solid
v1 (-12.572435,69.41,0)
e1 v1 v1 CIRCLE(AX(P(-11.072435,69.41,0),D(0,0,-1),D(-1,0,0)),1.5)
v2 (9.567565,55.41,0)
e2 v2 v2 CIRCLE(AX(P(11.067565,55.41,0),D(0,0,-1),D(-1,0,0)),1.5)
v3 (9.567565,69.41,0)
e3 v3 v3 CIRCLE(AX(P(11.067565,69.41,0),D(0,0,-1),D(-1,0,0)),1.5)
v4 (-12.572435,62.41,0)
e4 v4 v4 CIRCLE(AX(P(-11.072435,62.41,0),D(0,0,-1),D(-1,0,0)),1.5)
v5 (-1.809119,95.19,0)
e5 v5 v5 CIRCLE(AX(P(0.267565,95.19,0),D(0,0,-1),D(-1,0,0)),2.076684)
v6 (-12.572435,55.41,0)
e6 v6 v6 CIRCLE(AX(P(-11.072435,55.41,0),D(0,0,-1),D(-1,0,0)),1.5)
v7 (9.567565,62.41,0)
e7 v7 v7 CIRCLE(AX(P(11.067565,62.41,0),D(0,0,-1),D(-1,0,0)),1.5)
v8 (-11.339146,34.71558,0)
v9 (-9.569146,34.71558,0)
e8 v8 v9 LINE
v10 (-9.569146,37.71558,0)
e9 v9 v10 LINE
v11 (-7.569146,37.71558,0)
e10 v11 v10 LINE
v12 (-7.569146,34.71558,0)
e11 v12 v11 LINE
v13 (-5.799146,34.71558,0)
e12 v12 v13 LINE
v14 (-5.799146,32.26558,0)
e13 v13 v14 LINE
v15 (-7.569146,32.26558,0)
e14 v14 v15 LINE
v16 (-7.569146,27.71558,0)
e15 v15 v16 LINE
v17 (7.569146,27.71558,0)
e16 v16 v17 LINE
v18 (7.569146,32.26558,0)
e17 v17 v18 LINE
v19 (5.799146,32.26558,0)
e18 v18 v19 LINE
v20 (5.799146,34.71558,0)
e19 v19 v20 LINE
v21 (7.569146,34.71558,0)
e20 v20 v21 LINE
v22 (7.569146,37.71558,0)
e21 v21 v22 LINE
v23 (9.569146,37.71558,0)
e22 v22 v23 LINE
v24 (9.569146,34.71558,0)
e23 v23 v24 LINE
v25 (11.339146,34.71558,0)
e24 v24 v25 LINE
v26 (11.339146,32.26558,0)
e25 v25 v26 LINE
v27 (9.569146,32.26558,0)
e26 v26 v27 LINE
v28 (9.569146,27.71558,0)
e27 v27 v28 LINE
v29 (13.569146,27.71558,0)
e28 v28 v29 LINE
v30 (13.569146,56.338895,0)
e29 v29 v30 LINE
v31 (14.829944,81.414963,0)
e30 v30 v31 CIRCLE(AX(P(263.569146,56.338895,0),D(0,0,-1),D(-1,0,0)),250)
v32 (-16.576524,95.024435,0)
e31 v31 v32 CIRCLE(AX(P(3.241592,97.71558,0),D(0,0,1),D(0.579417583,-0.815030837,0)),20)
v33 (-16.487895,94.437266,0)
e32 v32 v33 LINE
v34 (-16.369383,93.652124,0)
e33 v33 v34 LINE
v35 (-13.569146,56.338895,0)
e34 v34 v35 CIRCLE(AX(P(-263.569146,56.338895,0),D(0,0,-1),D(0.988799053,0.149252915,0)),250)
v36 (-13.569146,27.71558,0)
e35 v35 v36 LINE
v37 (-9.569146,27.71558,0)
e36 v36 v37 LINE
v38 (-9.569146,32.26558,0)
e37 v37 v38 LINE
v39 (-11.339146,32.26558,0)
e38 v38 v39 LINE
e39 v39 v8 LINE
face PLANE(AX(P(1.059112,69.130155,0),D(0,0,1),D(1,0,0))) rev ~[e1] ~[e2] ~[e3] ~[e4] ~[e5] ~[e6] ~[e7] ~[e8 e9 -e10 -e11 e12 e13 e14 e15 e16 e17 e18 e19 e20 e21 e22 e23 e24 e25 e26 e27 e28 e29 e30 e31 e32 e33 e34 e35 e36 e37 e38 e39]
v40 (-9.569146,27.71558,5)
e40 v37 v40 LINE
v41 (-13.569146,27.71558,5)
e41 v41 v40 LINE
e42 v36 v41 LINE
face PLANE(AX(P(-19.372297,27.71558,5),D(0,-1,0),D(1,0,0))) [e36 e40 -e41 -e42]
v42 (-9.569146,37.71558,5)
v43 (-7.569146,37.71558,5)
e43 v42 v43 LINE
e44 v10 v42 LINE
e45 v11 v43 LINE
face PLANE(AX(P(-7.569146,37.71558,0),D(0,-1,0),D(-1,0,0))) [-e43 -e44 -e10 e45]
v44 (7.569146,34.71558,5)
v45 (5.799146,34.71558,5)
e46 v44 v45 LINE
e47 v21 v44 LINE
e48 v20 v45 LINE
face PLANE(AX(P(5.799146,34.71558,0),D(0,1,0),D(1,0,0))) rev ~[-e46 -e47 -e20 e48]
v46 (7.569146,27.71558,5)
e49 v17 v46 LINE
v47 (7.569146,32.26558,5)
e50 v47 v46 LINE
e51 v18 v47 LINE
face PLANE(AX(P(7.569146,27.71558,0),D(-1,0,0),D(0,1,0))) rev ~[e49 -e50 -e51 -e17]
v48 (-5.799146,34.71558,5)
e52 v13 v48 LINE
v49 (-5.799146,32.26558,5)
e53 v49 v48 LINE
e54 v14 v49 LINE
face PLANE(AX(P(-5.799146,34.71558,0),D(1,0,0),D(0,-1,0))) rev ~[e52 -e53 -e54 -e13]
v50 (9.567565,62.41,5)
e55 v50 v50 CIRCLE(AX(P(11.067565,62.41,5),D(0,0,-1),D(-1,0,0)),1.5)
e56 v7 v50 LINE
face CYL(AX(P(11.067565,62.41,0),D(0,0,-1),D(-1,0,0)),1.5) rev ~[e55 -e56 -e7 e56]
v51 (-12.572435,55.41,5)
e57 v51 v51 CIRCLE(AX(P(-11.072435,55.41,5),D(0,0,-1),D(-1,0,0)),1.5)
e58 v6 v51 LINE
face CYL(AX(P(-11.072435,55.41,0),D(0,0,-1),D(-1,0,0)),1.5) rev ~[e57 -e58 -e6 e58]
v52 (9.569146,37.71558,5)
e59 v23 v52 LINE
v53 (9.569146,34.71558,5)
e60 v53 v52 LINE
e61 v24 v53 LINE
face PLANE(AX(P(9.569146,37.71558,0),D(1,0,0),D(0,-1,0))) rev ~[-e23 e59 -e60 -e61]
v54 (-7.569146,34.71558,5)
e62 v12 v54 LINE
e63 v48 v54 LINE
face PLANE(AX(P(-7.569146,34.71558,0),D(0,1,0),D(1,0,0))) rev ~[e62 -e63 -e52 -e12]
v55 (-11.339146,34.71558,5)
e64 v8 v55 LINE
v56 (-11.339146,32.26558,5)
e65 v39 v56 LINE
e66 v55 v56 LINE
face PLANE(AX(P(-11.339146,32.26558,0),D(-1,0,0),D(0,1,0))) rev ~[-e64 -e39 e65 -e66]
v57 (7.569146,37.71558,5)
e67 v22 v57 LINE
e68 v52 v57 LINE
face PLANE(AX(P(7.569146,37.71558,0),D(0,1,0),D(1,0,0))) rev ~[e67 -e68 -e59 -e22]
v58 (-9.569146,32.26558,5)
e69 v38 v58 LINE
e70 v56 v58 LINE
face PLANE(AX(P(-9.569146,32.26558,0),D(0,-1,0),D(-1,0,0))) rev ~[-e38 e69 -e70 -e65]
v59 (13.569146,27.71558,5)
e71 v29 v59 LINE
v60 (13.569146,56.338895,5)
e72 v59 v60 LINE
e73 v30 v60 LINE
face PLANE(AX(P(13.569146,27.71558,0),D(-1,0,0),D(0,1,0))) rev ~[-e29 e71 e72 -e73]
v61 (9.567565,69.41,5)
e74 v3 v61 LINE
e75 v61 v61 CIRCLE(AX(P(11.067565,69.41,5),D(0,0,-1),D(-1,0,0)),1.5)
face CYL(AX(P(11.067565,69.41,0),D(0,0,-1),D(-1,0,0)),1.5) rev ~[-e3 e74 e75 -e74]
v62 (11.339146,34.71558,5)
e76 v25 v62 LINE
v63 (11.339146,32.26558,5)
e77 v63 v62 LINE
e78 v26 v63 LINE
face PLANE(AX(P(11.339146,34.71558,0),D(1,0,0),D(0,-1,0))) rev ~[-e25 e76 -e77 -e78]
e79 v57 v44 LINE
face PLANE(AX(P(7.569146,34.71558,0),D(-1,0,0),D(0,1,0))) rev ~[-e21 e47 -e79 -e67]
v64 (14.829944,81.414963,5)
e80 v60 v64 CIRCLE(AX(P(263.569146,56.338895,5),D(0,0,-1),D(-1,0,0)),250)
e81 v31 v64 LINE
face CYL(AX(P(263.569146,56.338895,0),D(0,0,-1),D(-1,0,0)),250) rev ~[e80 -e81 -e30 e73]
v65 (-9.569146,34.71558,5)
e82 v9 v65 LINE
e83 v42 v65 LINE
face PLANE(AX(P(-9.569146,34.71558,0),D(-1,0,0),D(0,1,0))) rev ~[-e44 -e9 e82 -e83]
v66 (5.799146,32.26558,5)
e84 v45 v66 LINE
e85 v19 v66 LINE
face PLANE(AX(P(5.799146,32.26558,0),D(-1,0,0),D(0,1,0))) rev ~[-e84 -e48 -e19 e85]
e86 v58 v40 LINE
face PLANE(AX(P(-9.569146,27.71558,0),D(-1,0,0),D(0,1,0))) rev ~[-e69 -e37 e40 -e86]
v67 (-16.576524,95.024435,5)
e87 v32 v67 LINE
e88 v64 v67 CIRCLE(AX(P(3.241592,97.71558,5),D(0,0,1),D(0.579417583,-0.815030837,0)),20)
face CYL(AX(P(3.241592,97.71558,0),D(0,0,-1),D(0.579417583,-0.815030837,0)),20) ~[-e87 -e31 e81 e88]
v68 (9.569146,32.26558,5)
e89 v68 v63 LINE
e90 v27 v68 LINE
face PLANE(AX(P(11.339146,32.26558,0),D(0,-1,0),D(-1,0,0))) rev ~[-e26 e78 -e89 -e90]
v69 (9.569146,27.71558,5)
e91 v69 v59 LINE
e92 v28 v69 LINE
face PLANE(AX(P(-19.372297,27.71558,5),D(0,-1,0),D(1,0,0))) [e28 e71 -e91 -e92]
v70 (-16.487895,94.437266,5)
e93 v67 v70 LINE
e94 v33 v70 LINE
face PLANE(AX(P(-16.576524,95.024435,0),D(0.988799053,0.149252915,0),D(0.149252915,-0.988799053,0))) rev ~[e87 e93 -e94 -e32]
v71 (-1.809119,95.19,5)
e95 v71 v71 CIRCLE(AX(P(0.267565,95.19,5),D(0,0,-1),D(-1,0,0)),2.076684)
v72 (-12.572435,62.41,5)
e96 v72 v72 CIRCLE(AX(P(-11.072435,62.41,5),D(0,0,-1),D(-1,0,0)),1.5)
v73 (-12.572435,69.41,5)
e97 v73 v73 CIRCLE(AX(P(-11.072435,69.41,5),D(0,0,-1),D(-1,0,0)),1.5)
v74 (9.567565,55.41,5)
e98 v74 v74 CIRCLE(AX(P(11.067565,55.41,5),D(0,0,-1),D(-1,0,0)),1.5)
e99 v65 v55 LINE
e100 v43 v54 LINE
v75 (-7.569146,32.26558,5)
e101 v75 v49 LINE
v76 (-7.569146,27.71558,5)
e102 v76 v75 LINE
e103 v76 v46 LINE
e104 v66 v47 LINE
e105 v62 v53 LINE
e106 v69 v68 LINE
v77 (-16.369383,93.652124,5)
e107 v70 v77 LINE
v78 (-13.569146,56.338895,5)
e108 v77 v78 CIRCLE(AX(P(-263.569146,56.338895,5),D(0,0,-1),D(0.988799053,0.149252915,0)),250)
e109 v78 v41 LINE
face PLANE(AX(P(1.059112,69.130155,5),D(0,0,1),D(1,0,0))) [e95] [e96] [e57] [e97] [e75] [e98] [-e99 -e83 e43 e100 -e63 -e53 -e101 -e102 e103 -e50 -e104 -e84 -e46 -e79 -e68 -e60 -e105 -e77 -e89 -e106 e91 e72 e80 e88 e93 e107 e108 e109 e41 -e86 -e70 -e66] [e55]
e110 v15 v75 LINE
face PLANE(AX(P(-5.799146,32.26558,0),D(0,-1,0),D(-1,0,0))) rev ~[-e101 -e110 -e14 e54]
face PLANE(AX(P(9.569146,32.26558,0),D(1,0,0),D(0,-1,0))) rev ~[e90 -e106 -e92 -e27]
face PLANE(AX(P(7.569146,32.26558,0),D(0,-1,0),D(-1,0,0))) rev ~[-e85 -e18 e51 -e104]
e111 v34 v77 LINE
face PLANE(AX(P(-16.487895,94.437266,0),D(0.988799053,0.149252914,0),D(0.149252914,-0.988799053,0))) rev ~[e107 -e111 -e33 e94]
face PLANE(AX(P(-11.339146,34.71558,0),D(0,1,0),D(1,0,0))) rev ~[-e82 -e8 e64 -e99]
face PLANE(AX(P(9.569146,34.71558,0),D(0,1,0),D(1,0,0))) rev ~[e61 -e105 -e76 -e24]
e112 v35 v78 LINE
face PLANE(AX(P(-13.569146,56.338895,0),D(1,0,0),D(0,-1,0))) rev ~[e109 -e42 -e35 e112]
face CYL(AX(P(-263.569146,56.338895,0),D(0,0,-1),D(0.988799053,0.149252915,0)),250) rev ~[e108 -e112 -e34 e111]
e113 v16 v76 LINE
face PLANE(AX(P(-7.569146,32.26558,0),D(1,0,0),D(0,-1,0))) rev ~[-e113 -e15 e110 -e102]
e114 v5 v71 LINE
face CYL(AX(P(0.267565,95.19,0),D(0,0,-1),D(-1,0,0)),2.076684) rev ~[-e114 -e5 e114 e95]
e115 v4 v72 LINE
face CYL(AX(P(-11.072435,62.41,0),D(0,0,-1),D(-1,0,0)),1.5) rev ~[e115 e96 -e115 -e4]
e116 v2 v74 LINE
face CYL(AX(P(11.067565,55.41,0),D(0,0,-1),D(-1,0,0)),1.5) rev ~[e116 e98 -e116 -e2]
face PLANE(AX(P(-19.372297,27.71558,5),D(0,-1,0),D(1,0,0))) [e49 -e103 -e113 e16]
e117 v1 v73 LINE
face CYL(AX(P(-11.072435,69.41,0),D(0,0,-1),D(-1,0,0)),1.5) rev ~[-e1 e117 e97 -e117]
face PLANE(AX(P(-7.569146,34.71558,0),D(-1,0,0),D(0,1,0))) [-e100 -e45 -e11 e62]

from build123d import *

# Parameters (mm, degrees)
RESSALTO_EXTRUS_O1_DEPTH = 5
ESBO_O7_R                = 2.076684074
CORTE_EXTRUS_O5_DEPTH    = 6
ESBO_O8_W                = 32.941442616
ESBO_O8_H                = 7.70353162
CORTE_EXTRUS_O6_DEPTH    = 6
ESBO_O9_R                = 1.5
CORTE_EXTRUS_O7_DEPTH    = 6
ESBO_O10_W               = 2
ESBO_O10_H               = 3
CORTE_EXTRUS_O8_DEPTH    = 6


with BuildPart() as part:
    # Esboço1 → Ressalto-extrusão1 (new body)
    with BuildSketch(Plane.XY):
        with BuildLine():
            Line((13.569146061, 27.715579822), (13.569146061, 56.338894978))
            ThreePointArc((13.569146061, 56.338894978), (13.884544414, 68.892766914), (14.829943665, 81.414963086))
            ThreePointArc((14.829943665, 81.414963086), (11.193742071, 116.066691762), (-16.576524471, 95.024435265))
            Line((-16.576524471, 95.024435265), (-16.487894969, 94.437265709))
            Line((-16.487894969, 94.437265709), (-16.369382775, 93.652123615))
            ThreePointArc((-16.369382775, 93.652123615), (-14.270188159, 75.047972701), (-13.569146061, 56.338894978))
            Line((-13.569146061, 56.338894978), (-13.569146061, 27.715579822))
            ThreePointArc((-13.569146061, 27.715579822), (0, 21.02683783), (13.569146061, 27.715579822))
        make_face()
    extrude(amount=RESSALTO_EXTRUS_O1_DEPTH)

    # Esboço7 → Corte-extrusão5 (cut, through all)
    with BuildSketch(Plane(origin=(0, 0, 0), x_dir=(-1, 0, 0), z_dir=(0, 0, -1))):
        with Locations((-0.267564972, 95.19)):
            Circle(ESBO_O7_R)
    extrude(amount=-CORTE_EXTRUS_O5_DEPTH, mode=Mode.SUBTRACT)

    # Esboço8 → Corte-extrusão6 (cut, through all)
    with BuildSketch(Plane.XY.offset(5)):
        with Locations((-2.901575247, 23.863814012)):
            Rectangle(ESBO_O8_W, ESBO_O8_H)
    extrude(amount=-CORTE_EXTRUS_O6_DEPTH, mode=Mode.SUBTRACT)

    # Esboço9 → Corte-extrusão7 (cut, through all)
    with BuildSketch(Plane(origin=(0, 0, 0), x_dir=(-1, 0, 0), z_dir=(0, 0, -1))):
        with Locations((11.072435028, 69.41)):
            Circle(ESBO_O9_R)
        with Locations((11.072435028, 62.41)):
            Circle(ESBO_O9_R)
        with Locations((11.072435028, 55.41)):
            Circle(ESBO_O9_R)
        with Locations((-11.067564972, 69.41)):
            Circle(ESBO_O9_R)
        with Locations((-11.067564972, 62.41)):
            Circle(ESBO_O9_R)
        with Locations((-11.067564972, 55.41)):
            Circle(ESBO_O9_R)
    extrude(amount=-CORTE_EXTRUS_O7_DEPTH, mode=Mode.SUBTRACT)

    # Esboço10 → Corte-extrusão8 (cut, through all)
    with BuildSketch(Plane(origin=(0, 0, 0), x_dir=(-1, 0, 0), z_dir=(0, 0, -1))):
        Polygon((7.569146061, 27.715579822), (9.569146061, 27.715579822), (9.569146061, 32.265579822), (11.339146061, 32.265579822), (11.339146061, 34.715579822), (9.569146061, 34.715579822), (7.569146061, 34.715579822), (5.799146061, 34.715579822), (5.799146061, 32.265579822), (7.569146061, 32.265579822), align=None)
        with Locations((8.569146061, 36.215579822)):
            Rectangle(ESBO_O10_W, ESBO_O10_H)
        Polygon((-9.569146061, 27.715579822), (-7.569146061, 27.715579822), (-7.569146061, 32.265579822), (-5.799146061, 32.265579822), (-5.799146061, 34.715579822), (-7.569146061, 34.715579822), (-7.569146061, 37.715579822), (-9.569146061, 37.715579822), (-9.569146061, 34.715579822), (-11.339146061, 34.715579822), (-11.339146061, 32.265579822), (-9.569146061, 32.265579822), align=None)
    extrude(amount=-CORTE_EXTRUS_O8_DEPTH, mode=Mode.SUBTRACT)


solid = part.part
